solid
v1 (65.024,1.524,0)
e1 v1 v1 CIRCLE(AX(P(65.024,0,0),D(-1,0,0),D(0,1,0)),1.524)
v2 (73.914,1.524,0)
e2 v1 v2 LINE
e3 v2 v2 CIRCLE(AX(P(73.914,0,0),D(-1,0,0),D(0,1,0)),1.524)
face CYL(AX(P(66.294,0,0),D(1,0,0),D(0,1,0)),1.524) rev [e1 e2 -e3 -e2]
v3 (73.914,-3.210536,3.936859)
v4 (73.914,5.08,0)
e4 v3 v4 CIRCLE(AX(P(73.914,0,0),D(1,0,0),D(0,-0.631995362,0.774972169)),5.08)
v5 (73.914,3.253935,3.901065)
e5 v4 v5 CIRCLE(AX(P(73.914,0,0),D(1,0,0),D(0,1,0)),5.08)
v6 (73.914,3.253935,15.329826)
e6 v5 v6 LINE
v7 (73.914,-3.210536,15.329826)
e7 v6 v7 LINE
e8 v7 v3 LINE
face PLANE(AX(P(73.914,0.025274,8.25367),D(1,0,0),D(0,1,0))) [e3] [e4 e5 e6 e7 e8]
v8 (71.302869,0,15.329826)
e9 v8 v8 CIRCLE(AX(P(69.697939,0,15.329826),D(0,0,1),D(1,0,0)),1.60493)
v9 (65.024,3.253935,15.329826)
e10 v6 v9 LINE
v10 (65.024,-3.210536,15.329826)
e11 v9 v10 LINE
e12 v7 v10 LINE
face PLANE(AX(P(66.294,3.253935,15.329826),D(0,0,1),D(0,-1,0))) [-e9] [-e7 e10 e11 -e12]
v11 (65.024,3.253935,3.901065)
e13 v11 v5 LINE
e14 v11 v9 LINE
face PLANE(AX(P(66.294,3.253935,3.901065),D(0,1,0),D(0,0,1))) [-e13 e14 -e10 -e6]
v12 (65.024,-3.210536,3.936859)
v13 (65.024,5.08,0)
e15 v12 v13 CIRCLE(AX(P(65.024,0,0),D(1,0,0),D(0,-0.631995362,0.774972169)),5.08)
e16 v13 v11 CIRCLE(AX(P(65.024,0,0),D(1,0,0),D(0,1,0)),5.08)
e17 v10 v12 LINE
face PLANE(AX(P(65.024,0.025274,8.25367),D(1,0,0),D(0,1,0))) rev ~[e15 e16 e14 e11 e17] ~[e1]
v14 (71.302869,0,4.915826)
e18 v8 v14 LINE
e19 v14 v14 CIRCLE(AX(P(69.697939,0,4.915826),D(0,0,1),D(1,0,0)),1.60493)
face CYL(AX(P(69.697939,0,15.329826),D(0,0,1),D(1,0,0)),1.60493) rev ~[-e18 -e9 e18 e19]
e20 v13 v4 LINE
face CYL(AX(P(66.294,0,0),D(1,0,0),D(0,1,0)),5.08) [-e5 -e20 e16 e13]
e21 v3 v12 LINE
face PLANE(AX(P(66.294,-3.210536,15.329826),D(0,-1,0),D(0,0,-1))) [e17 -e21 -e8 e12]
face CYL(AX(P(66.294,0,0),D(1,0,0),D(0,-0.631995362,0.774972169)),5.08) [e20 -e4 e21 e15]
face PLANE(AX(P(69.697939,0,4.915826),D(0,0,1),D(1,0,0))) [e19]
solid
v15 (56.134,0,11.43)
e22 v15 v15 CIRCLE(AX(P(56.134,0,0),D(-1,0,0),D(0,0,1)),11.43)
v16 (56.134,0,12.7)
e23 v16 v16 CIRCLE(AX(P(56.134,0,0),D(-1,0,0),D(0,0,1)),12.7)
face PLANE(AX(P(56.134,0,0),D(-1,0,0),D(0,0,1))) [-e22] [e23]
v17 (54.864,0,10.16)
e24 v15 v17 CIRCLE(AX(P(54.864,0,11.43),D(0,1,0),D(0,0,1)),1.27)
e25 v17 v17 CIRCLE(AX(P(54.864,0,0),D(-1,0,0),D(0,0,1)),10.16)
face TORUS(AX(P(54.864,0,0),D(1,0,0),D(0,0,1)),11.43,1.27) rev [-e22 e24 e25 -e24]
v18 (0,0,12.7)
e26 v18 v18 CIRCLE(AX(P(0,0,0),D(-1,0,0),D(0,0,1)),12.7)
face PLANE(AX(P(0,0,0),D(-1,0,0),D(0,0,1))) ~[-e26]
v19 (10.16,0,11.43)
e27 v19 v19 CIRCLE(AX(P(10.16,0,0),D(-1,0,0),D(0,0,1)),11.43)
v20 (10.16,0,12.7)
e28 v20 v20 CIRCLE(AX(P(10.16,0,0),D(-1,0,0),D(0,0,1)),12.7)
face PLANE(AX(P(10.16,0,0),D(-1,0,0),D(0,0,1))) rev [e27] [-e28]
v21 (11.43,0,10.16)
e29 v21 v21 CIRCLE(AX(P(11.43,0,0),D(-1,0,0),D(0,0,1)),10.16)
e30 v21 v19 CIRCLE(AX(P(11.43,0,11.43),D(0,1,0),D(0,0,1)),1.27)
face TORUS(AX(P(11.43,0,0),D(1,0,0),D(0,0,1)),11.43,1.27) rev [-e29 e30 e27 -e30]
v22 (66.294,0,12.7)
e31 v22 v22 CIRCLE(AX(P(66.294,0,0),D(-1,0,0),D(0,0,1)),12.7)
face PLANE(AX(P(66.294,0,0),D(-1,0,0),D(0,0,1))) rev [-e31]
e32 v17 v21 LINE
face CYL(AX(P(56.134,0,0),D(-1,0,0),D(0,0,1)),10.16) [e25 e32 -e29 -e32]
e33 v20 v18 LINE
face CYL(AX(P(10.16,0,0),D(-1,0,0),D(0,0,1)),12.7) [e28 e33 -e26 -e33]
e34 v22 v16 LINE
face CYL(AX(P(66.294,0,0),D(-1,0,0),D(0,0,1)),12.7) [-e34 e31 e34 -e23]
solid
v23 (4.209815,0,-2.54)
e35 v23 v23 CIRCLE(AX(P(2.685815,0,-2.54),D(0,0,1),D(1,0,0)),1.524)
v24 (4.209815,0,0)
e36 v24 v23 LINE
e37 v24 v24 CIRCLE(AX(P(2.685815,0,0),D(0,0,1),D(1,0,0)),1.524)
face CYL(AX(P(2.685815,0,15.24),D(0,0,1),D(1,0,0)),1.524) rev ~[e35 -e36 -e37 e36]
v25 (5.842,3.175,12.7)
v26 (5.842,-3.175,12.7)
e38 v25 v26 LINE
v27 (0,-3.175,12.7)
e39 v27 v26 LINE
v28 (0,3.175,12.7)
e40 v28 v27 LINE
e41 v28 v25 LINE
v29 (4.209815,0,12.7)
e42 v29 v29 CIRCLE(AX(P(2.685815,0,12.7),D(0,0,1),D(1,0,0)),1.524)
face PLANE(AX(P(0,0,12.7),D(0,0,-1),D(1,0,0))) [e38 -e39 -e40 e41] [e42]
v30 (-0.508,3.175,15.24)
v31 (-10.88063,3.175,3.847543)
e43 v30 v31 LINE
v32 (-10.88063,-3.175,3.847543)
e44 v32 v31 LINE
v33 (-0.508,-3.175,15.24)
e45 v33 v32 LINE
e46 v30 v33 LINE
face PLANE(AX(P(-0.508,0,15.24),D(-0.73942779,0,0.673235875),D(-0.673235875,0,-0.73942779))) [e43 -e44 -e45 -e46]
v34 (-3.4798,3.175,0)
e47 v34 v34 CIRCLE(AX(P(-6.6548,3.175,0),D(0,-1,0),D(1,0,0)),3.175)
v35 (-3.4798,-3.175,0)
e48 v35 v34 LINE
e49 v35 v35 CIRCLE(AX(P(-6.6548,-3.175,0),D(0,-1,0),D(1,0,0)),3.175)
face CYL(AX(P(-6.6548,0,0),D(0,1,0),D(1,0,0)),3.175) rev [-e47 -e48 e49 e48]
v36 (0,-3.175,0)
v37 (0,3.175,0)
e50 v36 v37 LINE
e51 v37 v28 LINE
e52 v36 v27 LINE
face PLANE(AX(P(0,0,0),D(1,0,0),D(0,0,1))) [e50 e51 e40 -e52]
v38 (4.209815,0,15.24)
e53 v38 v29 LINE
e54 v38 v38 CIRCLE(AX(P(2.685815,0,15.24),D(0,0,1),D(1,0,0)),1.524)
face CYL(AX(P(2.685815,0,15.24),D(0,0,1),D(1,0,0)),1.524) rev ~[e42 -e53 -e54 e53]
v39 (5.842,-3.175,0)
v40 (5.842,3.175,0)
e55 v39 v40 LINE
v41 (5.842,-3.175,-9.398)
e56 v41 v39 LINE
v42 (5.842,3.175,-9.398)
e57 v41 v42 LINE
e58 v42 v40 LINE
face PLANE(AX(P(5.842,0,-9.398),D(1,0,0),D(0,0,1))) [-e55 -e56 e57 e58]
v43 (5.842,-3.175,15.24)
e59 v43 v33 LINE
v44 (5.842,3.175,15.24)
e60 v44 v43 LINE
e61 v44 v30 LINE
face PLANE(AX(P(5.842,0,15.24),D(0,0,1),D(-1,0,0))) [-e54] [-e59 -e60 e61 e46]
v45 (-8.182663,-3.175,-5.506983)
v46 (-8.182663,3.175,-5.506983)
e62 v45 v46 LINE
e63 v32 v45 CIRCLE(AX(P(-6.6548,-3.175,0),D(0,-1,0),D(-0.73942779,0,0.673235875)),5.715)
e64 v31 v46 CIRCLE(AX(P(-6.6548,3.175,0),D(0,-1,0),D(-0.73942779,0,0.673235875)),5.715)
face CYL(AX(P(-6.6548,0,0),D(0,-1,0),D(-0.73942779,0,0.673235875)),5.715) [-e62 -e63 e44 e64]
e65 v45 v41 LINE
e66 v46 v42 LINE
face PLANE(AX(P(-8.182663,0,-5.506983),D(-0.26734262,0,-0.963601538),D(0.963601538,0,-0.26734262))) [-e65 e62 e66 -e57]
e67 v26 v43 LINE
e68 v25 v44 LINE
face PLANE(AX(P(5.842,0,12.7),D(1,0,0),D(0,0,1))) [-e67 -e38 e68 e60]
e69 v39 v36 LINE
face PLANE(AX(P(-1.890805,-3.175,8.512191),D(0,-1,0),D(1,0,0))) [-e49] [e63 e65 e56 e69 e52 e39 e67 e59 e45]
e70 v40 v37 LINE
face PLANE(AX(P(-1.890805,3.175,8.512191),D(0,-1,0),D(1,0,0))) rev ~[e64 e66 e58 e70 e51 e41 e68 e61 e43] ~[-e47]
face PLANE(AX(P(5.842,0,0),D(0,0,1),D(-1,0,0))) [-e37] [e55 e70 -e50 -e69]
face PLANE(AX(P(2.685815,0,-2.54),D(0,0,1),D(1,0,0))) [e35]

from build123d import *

# Parameters (mm, degrees)
F0_W          = 5.842
F0_H          = 12.7
F0_R          = 3.175
F2_DEPTH      = 3.175
F4_DEPTH      = 7.62
F4_DEPTH_BACK = 1.27
F5_R          = 1.524
F6_DEPTH      = 17.78
F7_R          = 1.60493029
F8_DEPTH      = 10.414
F9_R          = 1.27


with BuildPart() as f1:
    # F0 (on Front) → F1 (revolve)
    with BuildSketch(Plane.XZ):
        Polygon((5.842, 12.7), (5.842, 0), (66.294, 0), (66.294, 12.7), (56.134, 12.7), (56.134, 10.16), (10.16, 10.16), (10.16, 12.7), align=None)
        with Locations((2.921, 6.35)):
            Rectangle(F0_W, F0_H)
    revolve(axis=Axis((33.147, 0, 0), (-1, 0, 0)))

    # F9
    f9_edges = [f1.edges().sort_by_distance(p)[0] for p in [
        (56.134, 0, -10.16),
        (10.16, 0, -10.16),
        (33.147, 0, 10.16),
    ]]
    fillet(f9_edges, radius=F9_R)


with BuildPart() as f2:
    # F0 (on Front) → F2 (new body, symmetric)
    with BuildSketch(Plane.XZ):
        with BuildLine():
            Line((-0.9398, 0), (0, 0))
            Line((0, 0), (0, 12.7))
            Line((0, 12.7), (5.842, 12.7))
            Line((5.842, 12.7), (5.842, 15.24))
            Line((5.842, 15.24), (-0.508, 15.24))
            Line((-0.508, 15.24), (-10.8806298187, 3.8475430269))
            ThreePointArc((-10.8806298187, 3.8475430269), (-4.5919612295, 5.3297205562), (-0.9398, 0))
        make_face()
        with BuildLine():
            Line((5.842, 0), (0, 0))
            Line((0, 0), (-0.9398, 0))
            ThreePointArc((-0.9398, 0), (-3.1957909266, -4.5493385486), (-8.1826630726, -5.5069827884))
            Line((-8.1826630726, -5.5069827884), (5.842, -9.398))
            Line((5.842, -9.398), (5.842, 0))
        make_face()
        with BuildLine():
            ThreePointArc((-8.1826630726, -5.5069827884), (-3.1957909266, -4.5493385486), (-0.9398, 0))
            ThreePointArc((-0.9398, 0), (-4.5919612295, 5.3297205562), (-10.8806298187, 3.8475430269))
            ThreePointArc((-10.8806298187, 3.8475430269), (-12.1459778134, -1.5837270034), (-8.1826630726, -5.5069827884))
        make_face()
        with Locations((-6.6548, 0)):
            Circle(F0_R, mode=Mode.SUBTRACT)
    extrude(amount=F2_DEPTH, both=True)

    # F5 (on face) → F6 (cut)
    with BuildSketch(Plane.XY.offset(15.24)):
        with Locations((2.6858148674, 0)):
            Circle(F5_R)
    extrude(amount=-F6_DEPTH, mode=Mode.SUBTRACT)


with BuildPart() as f4:
    # F3 (on face) → F4 (new body, two sides)
    with BuildSketch(Plane.YZ.offset(66.294)) as f4_sk:
        with BuildLine():
            ThreePointArc((-3.2105364371, 3.936858619), (0.0281273028, 5.0799221308), (3.2539346721, 3.9010651302))
            Line((3.2539346721, 3.9010651302), (3.2539346721, 12.2760705908))
            ThreePointArc((3.2539346721, 12.2760705908), (0.0224379801, 12.6999801786), (-3.2105364371, 12.2874918428))
            Line((-3.2105364371, 12.2874918428), (-3.2105364371, 3.936858619))
        make_face()
        with BuildLine():
            ThreePointArc((-1.524, 0), (0, 1.524), (1.524, 0))
            Line((1.524, 0), (3.2539346721, 0))
            Line((3.2539346721, 0), (3.2539346721, 3.9010651302))
            ThreePointArc((3.2539346721, 3.9010651302), (0.0281273028, 5.0799221308), (-3.2105364371, 3.936858619))
            Line((-3.2105364371, 3.936858619), (-3.2105364371, 0))
            Line((-3.2105364371, 0), (-1.524, 0))
        make_face()
        with BuildLine():
            Line((3.2539346721, 0), (1.524, 0))
            ThreePointArc((1.524, 0), (0, -1.524), (-1.524, 0))
            Line((-1.524, 0), (-3.2105364371, 0))
            Line((-3.2105364371, 0), (-3.2105364371, 3.936858619))
            ThreePointArc((-3.2105364371, 3.936858619), (-2.1790909687, -4.5888955698), (5.08, 0))
            ThreePointArc((5.08, 0), (4.6008905733, 2.1536494452), (3.2539346721, 3.9010651302))
            Line((3.2539346721, 3.9010651302), (3.2539346721, 0))
        make_face()
        with BuildLine():
            ThreePointArc((-3.2105364371, 12.2874918428), (0.0224379801, 12.6999801786), (3.2539346721, 12.2760705908))
            Line((3.2539346721, 12.2760705908), (3.2539346721, 15.3298256919))
            Line((3.2539346721, 15.3298256919), (-3.2105364371, 15.3298256919))
            Line((-3.2105364371, 15.3298256919), (-3.2105364371, 12.2874918428))
        make_face()
    extrude(amount=F4_DEPTH)
    extrude(f4_sk.sketch, amount=-F4_DEPTH_BACK)

    # F7 (on face) → F8 (cut)
    with BuildSketch(Plane.XY.offset(15.3298256919)):
        with Locations((69.6979388595, 0)):
            Circle(F7_R)
    extrude(amount=-F8_DEPTH, mode=Mode.SUBTRACT)


solid = Compound([f1.part, f2.part, f4.part])
